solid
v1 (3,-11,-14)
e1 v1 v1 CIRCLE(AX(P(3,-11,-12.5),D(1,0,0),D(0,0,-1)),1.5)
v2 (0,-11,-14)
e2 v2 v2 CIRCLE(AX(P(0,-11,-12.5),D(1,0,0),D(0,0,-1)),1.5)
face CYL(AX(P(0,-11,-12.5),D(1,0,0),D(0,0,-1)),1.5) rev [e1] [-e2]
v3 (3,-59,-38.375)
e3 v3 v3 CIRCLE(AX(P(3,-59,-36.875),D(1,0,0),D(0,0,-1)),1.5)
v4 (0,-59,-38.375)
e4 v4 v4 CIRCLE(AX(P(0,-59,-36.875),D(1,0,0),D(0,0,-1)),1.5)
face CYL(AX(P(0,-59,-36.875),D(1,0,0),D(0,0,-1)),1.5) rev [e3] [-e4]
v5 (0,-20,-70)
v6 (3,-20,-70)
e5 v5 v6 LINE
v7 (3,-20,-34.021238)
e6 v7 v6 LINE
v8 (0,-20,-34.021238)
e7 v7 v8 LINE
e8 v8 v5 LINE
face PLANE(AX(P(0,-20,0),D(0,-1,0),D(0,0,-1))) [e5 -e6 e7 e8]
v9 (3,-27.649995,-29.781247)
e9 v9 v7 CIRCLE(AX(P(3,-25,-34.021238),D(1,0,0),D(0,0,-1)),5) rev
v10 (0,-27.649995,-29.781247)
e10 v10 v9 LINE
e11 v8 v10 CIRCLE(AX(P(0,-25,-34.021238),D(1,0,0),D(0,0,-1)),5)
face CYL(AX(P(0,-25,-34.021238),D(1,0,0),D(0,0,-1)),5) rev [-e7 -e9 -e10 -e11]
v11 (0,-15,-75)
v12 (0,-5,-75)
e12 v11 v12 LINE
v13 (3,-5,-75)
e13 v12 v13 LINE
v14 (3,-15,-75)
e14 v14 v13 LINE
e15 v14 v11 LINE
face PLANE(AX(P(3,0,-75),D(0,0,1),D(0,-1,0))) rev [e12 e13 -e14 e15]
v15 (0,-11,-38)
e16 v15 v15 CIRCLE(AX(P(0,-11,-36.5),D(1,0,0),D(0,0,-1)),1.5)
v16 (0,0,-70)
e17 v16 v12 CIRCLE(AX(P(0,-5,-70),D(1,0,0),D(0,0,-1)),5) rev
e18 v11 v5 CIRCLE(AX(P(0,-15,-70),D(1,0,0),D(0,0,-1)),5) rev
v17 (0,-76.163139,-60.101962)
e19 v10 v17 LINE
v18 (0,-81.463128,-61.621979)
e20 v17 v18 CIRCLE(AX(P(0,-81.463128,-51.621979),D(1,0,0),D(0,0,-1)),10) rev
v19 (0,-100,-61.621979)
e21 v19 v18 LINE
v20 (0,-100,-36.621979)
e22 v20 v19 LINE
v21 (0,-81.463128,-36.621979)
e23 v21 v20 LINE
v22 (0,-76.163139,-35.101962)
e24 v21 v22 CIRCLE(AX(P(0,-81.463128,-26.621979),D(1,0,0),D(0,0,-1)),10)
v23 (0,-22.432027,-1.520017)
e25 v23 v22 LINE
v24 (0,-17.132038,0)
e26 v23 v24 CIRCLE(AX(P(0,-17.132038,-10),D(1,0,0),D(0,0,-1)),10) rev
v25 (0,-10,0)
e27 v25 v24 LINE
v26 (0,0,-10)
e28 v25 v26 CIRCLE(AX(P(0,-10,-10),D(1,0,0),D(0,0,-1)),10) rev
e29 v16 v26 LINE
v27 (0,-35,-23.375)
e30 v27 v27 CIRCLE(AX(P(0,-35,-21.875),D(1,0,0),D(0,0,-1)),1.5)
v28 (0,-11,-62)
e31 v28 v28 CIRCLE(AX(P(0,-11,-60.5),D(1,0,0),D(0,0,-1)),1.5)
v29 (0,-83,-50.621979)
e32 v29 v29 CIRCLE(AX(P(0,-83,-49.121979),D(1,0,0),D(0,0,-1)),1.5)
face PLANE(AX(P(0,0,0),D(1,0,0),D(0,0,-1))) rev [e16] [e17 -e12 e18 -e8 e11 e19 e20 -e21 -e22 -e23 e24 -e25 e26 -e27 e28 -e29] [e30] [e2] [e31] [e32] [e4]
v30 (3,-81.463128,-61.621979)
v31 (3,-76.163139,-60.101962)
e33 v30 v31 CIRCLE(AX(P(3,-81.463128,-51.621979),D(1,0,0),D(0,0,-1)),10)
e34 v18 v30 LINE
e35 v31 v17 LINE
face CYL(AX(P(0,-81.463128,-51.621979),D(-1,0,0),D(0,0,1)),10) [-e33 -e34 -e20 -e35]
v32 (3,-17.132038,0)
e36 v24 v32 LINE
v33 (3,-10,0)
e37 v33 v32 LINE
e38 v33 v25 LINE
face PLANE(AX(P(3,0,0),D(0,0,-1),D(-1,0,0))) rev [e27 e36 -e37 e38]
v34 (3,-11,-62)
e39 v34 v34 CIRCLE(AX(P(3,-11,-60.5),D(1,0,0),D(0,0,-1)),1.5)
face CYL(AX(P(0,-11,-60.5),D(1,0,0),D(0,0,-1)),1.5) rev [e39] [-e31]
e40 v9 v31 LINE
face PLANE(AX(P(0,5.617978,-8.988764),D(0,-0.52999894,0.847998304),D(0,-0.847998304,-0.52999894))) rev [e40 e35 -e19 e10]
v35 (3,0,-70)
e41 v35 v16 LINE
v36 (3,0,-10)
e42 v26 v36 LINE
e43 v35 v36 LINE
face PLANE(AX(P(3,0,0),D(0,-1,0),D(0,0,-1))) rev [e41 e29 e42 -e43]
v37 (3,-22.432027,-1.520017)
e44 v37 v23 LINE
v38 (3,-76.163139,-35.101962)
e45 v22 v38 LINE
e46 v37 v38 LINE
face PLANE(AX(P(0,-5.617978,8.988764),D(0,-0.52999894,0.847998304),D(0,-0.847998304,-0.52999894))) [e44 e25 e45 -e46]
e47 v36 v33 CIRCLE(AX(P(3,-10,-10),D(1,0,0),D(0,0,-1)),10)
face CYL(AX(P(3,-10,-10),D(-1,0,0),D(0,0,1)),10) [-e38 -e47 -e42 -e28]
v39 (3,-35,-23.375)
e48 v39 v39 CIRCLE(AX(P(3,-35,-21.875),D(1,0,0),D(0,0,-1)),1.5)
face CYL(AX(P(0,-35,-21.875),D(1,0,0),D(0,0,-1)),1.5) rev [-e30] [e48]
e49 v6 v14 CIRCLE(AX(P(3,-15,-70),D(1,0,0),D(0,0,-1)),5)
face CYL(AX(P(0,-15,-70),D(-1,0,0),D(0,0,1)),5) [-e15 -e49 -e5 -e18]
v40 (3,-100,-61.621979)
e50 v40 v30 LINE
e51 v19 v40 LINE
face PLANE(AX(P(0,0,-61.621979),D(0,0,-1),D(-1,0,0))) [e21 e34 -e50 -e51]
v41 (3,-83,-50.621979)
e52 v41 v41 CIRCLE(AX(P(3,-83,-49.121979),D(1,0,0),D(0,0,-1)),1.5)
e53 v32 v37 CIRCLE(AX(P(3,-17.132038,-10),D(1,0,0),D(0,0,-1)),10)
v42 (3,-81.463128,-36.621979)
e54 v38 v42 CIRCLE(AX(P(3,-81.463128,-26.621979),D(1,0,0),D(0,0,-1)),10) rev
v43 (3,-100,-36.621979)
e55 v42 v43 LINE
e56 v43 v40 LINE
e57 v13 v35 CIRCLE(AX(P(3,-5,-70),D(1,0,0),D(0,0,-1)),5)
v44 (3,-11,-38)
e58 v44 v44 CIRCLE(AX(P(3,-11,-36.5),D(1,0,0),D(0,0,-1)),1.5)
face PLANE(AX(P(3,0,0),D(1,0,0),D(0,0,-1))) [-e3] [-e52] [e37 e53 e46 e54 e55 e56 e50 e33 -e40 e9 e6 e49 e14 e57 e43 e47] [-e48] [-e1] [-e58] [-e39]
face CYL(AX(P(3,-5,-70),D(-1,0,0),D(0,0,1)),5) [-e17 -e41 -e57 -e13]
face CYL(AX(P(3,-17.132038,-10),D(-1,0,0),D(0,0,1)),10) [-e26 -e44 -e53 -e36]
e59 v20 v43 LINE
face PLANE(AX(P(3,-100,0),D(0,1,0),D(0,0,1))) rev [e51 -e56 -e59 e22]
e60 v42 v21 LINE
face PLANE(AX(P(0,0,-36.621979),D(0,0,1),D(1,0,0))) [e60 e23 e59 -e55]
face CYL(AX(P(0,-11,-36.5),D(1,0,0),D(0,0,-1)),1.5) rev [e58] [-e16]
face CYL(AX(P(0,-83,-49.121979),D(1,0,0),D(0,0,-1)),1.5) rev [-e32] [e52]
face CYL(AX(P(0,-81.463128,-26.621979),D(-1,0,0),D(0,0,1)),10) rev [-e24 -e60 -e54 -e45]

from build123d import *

# Parameters (mm, degrees)
CROQUIS1_W              = 75
CROQUIS1_H              = 100
SALIENTE_EXTRUIR1_DEPTH = 3
CORTAR_EXTRUIR1_DEPTH   = 3
REDONDEO1_R             = 10
REDONDEO3_R             = 5
CROQUIS3_R              = 1.5
CORTAR_EXTRUIR2_DEPTH   = 3


with BuildPart() as part:
    # Croquis1 → Saliente-Extruir1 (new body)
    with BuildSketch(Plane(origin=(0, 0, 0), x_dir=(0, 0, -1), z_dir=(1, 0, 0))):
        with Locations((37.5, -50)):
            Rectangle(CROQUIS1_W, CROQUIS1_H)
    extrude(amount=SALIENTE_EXTRUIR1_DEPTH)

    # Croquis2 → Cortar-Extruir1 (cut)
    with BuildSketch(Plane(origin=(3, 0, 0), x_dir=(0, 0, -1), z_dir=(1, 0, 0))):
        Polygon((75, -20), (25, -20), (61.621978753, -78.595166005), (61.621978753, -100), (75, -100), align=None)
        Polygon((0, -100), (36.621978753, -100), (36.621978753, -78.595166005), (0, -20), align=None)
    extrude(amount=-CORTAR_EXTRUIR1_DEPTH, mode=Mode.SUBTRACT)

    # Redondeo1
    redondeo1_edges = [part.edges().sort_by_distance(p)[0] for p in [
        (1.5, -78.595166005, -61.621978753),
        (1.5, -20, 0),
        (1.5, -78.595166005, -36.621978753),
        (1.5, 0, 0),
    ]]
    fillet(redondeo1_edges, radius=REDONDEO1_R)

    # Redondeo3
    redondeo3_edges = [part.edges().sort_by_distance(p)[0] for p in [
        (1.5, -20, -25),
        (1.5, -20, -75),
        (1.5, 0, -75),
    ]]
    fillet(redondeo3_edges, radius=REDONDEO3_R)

    # Croquis3 → Cortar-Extruir2 (cut)
    with BuildSketch(Plane(origin=(3, 0, 0), x_dir=(0, 0, -1), z_dir=(1, 0, 0))):
        with Locations((12.5, -11)):
            Circle(CROQUIS3_R)
        with Locations((12.5, -83)):
            Circle(CROQUIS3_R)
        with Locations((36.5, -11)):
            Circle(CROQUIS3_R)
        with Locations((60.5, -11)):
            Circle(CROQUIS3_R)
        with Locations((21.875, -35)):
            Circle(CROQUIS3_R)
        with Locations((36.875, -59)):
            Circle(CROQUIS3_R)
        with Locations((49.121978753, -83)):
            Circle(CROQUIS3_R)
    extrude(amount=-CORTAR_EXTRUIR2_DEPTH, mode=Mode.SUBTRACT)


solid = part.part
